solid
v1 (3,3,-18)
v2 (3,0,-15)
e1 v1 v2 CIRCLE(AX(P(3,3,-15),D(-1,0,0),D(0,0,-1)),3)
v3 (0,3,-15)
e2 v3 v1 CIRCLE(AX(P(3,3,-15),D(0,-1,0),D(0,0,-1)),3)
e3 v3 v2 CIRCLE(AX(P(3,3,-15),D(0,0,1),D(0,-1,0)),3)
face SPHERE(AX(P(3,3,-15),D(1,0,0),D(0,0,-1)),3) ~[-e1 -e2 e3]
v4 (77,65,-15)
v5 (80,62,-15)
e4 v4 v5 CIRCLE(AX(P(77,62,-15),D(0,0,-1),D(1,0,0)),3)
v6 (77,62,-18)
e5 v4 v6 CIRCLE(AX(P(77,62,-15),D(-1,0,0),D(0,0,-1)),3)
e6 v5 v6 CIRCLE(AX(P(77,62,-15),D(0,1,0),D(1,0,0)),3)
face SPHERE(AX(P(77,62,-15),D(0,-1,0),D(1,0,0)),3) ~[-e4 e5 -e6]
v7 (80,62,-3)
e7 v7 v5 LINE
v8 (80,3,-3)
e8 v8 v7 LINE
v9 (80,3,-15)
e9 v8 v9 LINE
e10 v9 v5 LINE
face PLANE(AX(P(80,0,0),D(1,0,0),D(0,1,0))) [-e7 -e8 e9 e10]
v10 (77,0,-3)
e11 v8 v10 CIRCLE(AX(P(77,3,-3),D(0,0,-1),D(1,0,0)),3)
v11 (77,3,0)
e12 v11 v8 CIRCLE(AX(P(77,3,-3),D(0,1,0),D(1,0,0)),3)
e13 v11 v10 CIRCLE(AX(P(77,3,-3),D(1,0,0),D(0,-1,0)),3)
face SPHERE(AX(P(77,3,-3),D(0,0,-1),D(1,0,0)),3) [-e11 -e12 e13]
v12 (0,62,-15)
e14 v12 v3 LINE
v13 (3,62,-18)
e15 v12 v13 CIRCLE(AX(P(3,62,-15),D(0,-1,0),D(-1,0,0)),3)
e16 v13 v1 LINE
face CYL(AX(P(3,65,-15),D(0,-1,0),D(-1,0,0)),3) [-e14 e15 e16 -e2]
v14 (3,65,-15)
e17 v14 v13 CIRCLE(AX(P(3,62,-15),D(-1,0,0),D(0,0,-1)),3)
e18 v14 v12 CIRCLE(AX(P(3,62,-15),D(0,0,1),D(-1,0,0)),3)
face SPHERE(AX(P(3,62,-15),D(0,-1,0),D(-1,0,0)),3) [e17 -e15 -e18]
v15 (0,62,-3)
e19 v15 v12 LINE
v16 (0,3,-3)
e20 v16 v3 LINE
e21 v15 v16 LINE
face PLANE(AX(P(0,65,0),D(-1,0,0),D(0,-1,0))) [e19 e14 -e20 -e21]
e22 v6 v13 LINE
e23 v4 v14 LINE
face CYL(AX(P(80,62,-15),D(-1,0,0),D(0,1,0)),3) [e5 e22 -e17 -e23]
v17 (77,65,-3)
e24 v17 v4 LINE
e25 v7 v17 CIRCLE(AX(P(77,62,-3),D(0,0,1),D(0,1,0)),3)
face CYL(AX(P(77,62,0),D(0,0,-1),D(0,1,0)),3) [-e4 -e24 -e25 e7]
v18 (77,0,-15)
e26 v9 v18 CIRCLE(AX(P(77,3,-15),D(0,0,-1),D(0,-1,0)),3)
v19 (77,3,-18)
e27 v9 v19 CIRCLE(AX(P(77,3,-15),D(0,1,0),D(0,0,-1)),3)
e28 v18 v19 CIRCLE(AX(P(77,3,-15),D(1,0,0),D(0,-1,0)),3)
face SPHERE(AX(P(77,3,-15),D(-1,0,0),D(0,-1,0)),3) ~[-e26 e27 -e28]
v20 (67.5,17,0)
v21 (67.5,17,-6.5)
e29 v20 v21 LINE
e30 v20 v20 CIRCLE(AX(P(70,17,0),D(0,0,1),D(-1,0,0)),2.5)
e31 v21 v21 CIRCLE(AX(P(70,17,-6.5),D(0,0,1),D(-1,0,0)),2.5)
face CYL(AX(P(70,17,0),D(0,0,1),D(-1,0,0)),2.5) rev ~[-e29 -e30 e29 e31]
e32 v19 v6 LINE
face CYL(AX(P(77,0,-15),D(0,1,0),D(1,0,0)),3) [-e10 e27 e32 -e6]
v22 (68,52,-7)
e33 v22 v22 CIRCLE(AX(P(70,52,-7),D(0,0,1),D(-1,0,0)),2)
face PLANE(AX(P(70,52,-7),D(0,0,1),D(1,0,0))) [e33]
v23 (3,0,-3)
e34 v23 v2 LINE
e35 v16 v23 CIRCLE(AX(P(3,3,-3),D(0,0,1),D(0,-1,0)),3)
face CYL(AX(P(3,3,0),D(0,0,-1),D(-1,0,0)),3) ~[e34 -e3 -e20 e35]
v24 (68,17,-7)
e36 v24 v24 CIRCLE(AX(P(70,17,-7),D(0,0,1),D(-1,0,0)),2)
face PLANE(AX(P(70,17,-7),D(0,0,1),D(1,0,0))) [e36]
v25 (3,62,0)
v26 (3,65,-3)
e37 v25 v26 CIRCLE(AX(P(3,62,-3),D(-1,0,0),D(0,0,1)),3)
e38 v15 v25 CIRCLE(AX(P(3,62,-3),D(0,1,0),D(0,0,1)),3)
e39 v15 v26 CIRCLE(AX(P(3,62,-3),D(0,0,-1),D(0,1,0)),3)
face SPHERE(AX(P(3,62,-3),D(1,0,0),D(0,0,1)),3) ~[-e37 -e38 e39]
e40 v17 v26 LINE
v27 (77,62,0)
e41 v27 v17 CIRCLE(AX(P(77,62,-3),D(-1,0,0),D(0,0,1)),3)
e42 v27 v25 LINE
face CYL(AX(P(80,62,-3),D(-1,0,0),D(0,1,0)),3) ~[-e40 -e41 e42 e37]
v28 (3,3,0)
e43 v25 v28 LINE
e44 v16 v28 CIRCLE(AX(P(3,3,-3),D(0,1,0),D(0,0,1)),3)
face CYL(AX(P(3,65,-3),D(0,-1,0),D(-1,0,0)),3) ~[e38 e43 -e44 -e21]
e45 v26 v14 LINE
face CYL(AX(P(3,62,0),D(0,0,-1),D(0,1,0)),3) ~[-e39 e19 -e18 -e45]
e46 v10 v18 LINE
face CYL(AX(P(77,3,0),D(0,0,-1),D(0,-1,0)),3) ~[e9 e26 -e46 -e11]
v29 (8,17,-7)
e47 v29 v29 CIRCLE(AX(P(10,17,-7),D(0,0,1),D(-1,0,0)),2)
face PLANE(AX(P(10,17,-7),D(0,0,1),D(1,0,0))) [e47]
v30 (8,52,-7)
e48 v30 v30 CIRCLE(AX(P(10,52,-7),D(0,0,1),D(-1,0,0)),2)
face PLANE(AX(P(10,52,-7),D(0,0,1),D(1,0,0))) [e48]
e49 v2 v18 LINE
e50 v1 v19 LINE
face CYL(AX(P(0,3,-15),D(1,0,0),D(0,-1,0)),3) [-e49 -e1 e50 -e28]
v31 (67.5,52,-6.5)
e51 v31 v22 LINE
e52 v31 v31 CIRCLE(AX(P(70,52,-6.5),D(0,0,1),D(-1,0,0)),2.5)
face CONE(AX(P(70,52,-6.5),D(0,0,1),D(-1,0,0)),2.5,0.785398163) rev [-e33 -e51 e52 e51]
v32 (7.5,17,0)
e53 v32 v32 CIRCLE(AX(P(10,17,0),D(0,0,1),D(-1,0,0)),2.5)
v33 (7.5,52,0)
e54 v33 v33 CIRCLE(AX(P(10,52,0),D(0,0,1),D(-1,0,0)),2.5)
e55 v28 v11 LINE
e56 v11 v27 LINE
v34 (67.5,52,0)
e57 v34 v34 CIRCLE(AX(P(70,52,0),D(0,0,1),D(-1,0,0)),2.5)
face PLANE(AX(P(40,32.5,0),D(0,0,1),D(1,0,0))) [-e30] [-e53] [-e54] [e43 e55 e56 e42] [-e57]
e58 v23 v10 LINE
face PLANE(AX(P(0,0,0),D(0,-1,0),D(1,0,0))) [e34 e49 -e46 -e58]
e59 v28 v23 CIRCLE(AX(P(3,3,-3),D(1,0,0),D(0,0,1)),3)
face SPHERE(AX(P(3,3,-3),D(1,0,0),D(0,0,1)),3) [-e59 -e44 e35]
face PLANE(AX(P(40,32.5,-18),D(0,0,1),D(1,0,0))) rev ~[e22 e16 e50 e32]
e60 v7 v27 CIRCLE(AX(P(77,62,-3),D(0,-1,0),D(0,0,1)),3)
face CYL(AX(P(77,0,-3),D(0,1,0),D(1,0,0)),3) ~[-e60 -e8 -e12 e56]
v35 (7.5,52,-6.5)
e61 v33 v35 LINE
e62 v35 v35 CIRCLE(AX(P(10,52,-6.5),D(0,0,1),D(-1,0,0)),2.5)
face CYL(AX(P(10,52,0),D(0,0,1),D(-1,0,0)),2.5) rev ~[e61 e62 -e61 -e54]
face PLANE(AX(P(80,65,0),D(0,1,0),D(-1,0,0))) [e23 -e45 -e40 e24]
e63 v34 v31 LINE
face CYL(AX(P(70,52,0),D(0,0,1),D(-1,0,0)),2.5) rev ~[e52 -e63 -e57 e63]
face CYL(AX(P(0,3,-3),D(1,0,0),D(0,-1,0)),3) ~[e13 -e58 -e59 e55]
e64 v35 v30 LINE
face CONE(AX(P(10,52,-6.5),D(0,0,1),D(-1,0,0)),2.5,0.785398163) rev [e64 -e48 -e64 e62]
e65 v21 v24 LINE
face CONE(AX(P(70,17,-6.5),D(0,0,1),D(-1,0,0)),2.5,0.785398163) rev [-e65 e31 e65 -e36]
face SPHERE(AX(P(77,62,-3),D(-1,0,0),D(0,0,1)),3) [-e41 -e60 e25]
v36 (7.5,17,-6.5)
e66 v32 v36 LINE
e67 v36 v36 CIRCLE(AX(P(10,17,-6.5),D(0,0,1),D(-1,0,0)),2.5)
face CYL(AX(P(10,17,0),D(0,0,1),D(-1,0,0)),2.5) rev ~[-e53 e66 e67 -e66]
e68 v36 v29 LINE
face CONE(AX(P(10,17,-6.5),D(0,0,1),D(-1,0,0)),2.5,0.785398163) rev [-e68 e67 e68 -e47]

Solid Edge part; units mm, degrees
sketch "Sketch1" plane through (0, 0, 0) normal (0, 0, 1) x (1, 0, 0)
  line L0 (80, 65) -> (0, 65)
  line L1 (0, 65) -> (0, 0)
  line L2 (0, 0) -> (80, 0)
  line L3 (80, 0) -> (80, 65)
extrude "Protrusion1" add sketch "Sketch1" against normal blind 18
fillet "Redondo_1" radius 3 12 edges at (40, 0, -18) (80, 0, -9) (40, 65, 0) (80, 32.5, 0) (40, 0, 0) (0, 32.5, 0) (80, 32.5, -18) (80, 65, -9) (0, 32.5, -18) (0, 65, -9) (40, 65, -18) (0, 0, -9)
sketch "Sketch2" plane through (40, 32.5, 0) normal (0, 0, 1) x (-1, 0, 0)
  circle A0 centre (30, 15.5) radius 2.5
  circle A1 centre (30, -19.5) radius 2.5
  circle A2 centre (-30, 15.5) radius 2.5
  circle A3 centre (-30, -19.5) radius 2.5
extrude "Recorte_Extrudado_2" cut sketch "Sketch2" against normal blind 7
chamfer "Chanfro_2" distance 0.5 angle 45 4 edges at (12.5, 17, -7) (12.5, 52, -7) (72.5, 52, -7) (72.5, 17, -7)
properties material "PVC"
